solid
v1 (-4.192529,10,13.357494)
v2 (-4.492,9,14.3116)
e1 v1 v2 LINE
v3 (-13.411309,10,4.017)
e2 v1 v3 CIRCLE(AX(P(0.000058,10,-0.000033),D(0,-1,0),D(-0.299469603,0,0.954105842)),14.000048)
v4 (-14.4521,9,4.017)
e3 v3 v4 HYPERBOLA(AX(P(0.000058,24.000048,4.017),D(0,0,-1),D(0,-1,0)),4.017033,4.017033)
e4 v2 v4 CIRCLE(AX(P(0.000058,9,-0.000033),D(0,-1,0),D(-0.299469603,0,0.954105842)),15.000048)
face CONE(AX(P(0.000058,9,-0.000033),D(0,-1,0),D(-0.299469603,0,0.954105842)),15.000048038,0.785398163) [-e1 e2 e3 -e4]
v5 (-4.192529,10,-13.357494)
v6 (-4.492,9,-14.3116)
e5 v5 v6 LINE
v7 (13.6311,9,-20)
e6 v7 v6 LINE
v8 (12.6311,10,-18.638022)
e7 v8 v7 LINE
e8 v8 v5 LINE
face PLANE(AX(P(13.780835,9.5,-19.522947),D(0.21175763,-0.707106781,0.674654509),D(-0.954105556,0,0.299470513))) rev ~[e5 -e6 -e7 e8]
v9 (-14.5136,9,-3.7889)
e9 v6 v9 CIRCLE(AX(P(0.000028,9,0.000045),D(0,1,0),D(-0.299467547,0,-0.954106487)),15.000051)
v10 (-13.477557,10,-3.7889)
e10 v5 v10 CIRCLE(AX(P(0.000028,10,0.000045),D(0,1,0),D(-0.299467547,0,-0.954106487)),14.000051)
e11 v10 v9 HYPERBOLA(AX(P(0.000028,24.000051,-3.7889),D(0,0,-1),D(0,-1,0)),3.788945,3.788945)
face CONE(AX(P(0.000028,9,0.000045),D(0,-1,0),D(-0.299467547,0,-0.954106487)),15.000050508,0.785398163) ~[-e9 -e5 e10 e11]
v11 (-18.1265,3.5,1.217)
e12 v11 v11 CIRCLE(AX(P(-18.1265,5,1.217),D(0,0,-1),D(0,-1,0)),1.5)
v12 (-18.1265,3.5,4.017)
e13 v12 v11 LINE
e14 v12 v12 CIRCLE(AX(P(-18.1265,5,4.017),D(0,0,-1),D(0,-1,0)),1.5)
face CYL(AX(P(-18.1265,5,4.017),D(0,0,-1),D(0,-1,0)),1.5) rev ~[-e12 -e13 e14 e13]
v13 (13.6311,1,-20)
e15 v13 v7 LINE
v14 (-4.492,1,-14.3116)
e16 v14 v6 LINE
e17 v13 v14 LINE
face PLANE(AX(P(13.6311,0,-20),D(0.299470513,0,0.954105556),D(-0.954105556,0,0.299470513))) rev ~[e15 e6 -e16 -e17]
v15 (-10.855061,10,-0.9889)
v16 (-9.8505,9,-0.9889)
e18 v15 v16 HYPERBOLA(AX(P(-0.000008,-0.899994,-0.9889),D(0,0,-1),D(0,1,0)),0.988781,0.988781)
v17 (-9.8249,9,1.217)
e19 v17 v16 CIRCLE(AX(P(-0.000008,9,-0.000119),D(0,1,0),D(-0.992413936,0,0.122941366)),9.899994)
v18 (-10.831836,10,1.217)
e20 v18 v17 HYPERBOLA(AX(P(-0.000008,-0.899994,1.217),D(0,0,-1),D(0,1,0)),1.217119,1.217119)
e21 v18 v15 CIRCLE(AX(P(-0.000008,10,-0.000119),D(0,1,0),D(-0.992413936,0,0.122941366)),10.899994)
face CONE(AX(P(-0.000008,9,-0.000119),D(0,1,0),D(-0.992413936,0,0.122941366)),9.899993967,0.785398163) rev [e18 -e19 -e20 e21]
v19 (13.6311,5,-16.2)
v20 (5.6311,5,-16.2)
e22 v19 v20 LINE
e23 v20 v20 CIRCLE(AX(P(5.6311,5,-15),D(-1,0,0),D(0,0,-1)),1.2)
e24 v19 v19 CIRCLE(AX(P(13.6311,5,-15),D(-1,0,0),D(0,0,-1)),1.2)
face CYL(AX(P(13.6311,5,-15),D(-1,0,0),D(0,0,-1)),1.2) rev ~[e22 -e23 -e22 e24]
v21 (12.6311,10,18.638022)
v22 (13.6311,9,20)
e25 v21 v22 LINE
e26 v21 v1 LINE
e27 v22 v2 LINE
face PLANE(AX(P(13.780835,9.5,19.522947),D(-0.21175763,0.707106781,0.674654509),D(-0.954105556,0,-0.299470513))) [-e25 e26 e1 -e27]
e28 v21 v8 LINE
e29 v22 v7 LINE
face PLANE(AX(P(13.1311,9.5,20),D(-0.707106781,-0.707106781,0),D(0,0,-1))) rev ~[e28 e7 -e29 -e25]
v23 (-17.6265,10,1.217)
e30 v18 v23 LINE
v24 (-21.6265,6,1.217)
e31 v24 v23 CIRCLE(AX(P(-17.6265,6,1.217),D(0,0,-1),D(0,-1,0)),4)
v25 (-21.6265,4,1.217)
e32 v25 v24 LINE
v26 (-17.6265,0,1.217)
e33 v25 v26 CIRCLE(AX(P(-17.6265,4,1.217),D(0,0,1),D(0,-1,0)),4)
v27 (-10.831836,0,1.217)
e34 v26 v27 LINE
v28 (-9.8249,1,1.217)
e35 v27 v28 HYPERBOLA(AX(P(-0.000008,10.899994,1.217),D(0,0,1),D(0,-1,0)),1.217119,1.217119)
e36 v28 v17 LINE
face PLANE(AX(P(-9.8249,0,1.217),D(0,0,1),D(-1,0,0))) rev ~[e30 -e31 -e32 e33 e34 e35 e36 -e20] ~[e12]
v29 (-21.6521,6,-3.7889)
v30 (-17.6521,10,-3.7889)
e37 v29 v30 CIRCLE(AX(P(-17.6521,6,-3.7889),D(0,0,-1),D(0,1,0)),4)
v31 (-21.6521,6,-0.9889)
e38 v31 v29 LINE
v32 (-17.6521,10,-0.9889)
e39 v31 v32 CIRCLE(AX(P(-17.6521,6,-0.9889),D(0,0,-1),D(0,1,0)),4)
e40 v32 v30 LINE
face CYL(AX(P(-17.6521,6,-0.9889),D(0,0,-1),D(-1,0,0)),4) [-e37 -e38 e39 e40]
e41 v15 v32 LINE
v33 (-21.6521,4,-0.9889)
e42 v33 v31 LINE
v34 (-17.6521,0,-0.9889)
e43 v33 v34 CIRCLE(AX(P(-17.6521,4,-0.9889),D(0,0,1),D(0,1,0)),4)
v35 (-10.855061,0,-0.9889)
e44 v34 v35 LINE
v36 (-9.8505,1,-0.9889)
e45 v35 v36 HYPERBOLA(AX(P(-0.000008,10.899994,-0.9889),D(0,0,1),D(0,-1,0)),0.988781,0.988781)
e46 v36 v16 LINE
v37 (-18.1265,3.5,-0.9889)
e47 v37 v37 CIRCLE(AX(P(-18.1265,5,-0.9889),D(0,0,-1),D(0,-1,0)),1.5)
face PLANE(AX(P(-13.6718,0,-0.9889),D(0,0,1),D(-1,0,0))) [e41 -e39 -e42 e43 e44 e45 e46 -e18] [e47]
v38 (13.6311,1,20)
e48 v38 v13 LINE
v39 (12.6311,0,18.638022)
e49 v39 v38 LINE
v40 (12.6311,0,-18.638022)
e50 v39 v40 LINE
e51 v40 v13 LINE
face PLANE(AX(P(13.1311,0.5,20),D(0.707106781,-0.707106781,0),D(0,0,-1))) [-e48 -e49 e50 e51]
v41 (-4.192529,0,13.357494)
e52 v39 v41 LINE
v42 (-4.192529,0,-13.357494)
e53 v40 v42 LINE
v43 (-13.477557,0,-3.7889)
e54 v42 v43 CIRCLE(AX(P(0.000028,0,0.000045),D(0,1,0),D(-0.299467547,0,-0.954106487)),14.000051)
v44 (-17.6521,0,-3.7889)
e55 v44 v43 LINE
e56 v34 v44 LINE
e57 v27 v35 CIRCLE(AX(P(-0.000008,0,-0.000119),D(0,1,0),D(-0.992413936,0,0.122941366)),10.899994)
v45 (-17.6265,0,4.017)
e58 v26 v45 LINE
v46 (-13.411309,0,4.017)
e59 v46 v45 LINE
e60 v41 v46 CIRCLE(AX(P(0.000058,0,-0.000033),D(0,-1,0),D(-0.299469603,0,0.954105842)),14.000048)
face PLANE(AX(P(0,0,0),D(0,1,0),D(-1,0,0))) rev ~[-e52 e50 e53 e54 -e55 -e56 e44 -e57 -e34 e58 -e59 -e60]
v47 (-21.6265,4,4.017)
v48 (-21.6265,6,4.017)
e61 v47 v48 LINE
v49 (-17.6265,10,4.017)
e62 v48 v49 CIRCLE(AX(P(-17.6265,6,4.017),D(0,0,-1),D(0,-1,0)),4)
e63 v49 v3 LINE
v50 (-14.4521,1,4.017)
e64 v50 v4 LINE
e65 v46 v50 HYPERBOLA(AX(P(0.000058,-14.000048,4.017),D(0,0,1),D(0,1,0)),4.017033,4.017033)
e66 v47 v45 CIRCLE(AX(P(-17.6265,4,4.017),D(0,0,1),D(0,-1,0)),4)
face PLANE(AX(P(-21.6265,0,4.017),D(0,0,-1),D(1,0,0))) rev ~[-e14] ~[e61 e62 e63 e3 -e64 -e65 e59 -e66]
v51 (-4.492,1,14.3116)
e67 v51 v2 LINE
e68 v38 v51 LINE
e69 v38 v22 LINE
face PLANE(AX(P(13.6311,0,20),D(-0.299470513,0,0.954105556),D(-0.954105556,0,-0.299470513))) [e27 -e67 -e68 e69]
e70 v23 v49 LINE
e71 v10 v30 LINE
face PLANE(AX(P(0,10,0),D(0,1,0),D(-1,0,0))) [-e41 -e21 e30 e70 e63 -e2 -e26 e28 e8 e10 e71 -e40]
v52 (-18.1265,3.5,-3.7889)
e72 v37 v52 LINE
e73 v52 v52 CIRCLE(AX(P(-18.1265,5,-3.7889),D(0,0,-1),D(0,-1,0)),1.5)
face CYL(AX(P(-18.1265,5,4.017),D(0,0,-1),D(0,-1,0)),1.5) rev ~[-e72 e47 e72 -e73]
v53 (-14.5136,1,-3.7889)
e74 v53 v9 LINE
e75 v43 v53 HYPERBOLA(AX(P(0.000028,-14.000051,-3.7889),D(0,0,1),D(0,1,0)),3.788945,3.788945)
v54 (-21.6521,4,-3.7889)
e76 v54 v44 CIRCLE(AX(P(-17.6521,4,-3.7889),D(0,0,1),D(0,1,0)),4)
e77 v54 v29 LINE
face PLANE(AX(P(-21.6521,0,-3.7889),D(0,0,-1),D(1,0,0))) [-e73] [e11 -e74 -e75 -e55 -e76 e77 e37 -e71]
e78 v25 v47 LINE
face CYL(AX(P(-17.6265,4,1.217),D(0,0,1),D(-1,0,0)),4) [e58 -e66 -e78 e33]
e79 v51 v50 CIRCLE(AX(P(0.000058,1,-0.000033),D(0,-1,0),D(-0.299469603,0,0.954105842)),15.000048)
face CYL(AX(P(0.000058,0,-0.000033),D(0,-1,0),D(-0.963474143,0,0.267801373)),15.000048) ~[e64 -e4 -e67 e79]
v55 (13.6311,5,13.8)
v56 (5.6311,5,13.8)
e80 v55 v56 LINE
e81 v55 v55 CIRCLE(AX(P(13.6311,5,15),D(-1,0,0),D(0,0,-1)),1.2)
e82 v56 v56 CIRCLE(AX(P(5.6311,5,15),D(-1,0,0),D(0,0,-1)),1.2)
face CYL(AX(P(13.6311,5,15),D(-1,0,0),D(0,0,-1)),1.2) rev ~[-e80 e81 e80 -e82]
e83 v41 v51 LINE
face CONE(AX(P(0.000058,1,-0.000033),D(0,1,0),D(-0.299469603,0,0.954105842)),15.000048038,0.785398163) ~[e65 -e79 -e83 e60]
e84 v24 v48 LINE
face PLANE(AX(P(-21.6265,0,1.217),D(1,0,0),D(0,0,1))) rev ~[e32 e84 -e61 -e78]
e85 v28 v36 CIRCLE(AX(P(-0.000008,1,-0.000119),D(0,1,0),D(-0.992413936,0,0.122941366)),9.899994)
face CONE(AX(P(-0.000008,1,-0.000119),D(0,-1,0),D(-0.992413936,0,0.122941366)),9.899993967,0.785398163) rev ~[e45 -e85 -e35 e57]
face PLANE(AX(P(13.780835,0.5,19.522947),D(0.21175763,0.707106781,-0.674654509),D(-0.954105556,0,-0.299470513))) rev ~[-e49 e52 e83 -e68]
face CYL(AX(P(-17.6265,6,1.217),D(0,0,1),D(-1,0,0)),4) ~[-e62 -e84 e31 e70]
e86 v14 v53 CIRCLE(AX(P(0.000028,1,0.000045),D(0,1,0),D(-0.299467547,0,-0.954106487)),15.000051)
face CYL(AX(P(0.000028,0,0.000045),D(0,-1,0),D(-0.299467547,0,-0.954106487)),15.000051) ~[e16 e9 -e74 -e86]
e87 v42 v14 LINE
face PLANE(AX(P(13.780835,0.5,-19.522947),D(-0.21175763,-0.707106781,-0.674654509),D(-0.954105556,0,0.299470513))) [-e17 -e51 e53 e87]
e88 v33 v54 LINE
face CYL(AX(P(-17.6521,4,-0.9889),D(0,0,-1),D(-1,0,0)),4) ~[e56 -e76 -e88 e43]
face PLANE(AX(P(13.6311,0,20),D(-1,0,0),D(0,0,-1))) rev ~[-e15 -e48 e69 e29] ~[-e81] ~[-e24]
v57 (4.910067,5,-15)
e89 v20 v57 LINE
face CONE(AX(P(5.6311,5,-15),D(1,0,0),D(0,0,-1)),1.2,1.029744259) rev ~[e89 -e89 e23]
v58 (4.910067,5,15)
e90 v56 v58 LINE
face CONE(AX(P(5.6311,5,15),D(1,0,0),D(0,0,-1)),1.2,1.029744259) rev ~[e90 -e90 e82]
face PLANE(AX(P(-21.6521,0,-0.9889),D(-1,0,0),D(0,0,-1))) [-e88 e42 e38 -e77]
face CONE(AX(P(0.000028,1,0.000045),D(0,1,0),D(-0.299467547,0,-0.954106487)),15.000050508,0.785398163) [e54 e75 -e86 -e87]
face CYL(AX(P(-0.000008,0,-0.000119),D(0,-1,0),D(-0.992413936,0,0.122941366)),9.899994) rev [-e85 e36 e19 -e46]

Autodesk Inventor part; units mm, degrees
ref_plane "YZ Plane" through (0, 0, 0) normal (1, 0, 0) x (0, 1, 0)
ref_plane "XZ Plane" through (0, 0, 0) normal (0, 1, 0) x (-1, 0, 0)
ref_plane "XY Plane" through (0, 0, 0) normal (0, 0, 1) x (1, 0, 0)
sketch "Эскиз1" plane through (0, 0, 0) normal (0, 1, 0) x (-1, 0, 0)
  arc A0 (9.8249, 1.217) -> (9.8505, -0.9889) centre (0, 0) ccw
  line L0 (-13.6311, 20) -> (-13.6311, -20)
  line L1 (-13.6311, 20) -> (4.492, 14.3116)
  line L2 (-13.6311, -20) -> (4.492, -14.3116)
  line L3 (9.8249, 1.217) -> (16.2051, 1.217)
  line L4 (13.6718, -0.9889) -> (9.8505, -0.9889)
  arc A1 (4.492, -14.3116) -> (14.5136, -3.7889) centre (0, 0) ccw
  arc A2 (14.4521, 4.017) -> (4.492, 14.3116) centre (0, 0) ccw
  line L5 (9.8505, -0.9889) -> (21.6521, -0.9889)
  line L6 (21.6521, -0.9889) -> (21.6521, -3.7889)
  line L7 (21.6521, -3.7889) -> (14.5136, -3.7889)
  line L8 (9.8249, 1.217) -> (21.6265, 1.217)
  line L9 (21.6265, 1.217) -> (21.6265, 4.017)
  line L10 (21.6265, 4.017) -> (14.4521, 4.017)
  point P0 (15, 0)
  dimension "d0" = 19.8
  dimension "d5" = 2.8
  dimension "d6" = 2.8
  dimension "d32" = 15
  dimension "d33" = 40
extrude "Выдавливание1" add sketch "Эскиз1" along normal blind 10
fillet "Сопряжение1" radius 4 4 edges at (-21.6265, 10, 2.617) (-21.6521, 10, -2.3889) (-21.6265, 0, 2.617) (-21.6521, 0, -2.3889)
sketch "Эскиз3" plane through (-14.4521, 0, 4.017) normal (0, 0, 1) x (1, 0, 0)
  arc A0 (-7.1744, 4) -> (-3.1744, 0) centre (-3.1744, 4) ccw projected
  line L0 (-3.1744, 0) -> (0, 0) projected
  line L1 (0, 0) -> (0, 10) projected
  line L2 (-3.1744, 10) -> (0, 10) projected
  arc A1 (-3.1744, 10) -> (-7.1744, 6) centre (-3.1744, 6) ccw projected
  line L3 (-7.1744, 4) -> (-7.1744, 6) projected
  line L4 (-7.1744, 5) -> (-3.6744, 5) construction
  point P0 (14.4521, 0)
  dimension "d20" = 3.5
hole "Отверстие2" at (-18.1265, 5, 4.017) direction (0, 0, -1) diameter 3 depth 8 tip angle 118
chamfer "Фаска1" distance 1 angle 45 12 edges at (9.8993, 10, -0.1148) (9.8993, 0, -0.1148) (4.5696, 10, 17.1558) (13.6311, 10, 0) (4.5696, 10, -17.1558) (-10.8621, 10, -10.3448) (-10.7803, 10, 10.43) (4.5696, 0, 17.1558) (13.6311, 0, 0) (4.5696, 0, -17.1558) (-10.8621, 0, -10.3448) (-10.7803, 0, 10.43)
sketch "Эскиз5" plane through (13.6311, 1, -20) normal (1, 0, 0) x (0, 0, -1)
  line L0 (0, 0) -> (-40, 0) projected
  line L1 (0, 0) -> (0, 8) projected
  line L2 (-40, 8) -> (0, 8) projected
  line L3 (-40, 0) -> (-40, 8) projected
  line L4 (-35, 4) -> (-40, 4) construction
  line L5 (-5, 4) -> (0, 4) construction
  line L6 (-5, 8) -> (-5, 4) construction
  line L7 (-5, 4) -> (-5, 0) construction
  point P0 (-20, -1)
  dimension "d34" = 30
hole "Отверстие3" at (13.6311, 5, 15) at (13.6311, 5, -15) direction (-1, 0, 0) diameter 2.4 depth 8 tip angle 118
properties part number "BasicMount 40mm"
